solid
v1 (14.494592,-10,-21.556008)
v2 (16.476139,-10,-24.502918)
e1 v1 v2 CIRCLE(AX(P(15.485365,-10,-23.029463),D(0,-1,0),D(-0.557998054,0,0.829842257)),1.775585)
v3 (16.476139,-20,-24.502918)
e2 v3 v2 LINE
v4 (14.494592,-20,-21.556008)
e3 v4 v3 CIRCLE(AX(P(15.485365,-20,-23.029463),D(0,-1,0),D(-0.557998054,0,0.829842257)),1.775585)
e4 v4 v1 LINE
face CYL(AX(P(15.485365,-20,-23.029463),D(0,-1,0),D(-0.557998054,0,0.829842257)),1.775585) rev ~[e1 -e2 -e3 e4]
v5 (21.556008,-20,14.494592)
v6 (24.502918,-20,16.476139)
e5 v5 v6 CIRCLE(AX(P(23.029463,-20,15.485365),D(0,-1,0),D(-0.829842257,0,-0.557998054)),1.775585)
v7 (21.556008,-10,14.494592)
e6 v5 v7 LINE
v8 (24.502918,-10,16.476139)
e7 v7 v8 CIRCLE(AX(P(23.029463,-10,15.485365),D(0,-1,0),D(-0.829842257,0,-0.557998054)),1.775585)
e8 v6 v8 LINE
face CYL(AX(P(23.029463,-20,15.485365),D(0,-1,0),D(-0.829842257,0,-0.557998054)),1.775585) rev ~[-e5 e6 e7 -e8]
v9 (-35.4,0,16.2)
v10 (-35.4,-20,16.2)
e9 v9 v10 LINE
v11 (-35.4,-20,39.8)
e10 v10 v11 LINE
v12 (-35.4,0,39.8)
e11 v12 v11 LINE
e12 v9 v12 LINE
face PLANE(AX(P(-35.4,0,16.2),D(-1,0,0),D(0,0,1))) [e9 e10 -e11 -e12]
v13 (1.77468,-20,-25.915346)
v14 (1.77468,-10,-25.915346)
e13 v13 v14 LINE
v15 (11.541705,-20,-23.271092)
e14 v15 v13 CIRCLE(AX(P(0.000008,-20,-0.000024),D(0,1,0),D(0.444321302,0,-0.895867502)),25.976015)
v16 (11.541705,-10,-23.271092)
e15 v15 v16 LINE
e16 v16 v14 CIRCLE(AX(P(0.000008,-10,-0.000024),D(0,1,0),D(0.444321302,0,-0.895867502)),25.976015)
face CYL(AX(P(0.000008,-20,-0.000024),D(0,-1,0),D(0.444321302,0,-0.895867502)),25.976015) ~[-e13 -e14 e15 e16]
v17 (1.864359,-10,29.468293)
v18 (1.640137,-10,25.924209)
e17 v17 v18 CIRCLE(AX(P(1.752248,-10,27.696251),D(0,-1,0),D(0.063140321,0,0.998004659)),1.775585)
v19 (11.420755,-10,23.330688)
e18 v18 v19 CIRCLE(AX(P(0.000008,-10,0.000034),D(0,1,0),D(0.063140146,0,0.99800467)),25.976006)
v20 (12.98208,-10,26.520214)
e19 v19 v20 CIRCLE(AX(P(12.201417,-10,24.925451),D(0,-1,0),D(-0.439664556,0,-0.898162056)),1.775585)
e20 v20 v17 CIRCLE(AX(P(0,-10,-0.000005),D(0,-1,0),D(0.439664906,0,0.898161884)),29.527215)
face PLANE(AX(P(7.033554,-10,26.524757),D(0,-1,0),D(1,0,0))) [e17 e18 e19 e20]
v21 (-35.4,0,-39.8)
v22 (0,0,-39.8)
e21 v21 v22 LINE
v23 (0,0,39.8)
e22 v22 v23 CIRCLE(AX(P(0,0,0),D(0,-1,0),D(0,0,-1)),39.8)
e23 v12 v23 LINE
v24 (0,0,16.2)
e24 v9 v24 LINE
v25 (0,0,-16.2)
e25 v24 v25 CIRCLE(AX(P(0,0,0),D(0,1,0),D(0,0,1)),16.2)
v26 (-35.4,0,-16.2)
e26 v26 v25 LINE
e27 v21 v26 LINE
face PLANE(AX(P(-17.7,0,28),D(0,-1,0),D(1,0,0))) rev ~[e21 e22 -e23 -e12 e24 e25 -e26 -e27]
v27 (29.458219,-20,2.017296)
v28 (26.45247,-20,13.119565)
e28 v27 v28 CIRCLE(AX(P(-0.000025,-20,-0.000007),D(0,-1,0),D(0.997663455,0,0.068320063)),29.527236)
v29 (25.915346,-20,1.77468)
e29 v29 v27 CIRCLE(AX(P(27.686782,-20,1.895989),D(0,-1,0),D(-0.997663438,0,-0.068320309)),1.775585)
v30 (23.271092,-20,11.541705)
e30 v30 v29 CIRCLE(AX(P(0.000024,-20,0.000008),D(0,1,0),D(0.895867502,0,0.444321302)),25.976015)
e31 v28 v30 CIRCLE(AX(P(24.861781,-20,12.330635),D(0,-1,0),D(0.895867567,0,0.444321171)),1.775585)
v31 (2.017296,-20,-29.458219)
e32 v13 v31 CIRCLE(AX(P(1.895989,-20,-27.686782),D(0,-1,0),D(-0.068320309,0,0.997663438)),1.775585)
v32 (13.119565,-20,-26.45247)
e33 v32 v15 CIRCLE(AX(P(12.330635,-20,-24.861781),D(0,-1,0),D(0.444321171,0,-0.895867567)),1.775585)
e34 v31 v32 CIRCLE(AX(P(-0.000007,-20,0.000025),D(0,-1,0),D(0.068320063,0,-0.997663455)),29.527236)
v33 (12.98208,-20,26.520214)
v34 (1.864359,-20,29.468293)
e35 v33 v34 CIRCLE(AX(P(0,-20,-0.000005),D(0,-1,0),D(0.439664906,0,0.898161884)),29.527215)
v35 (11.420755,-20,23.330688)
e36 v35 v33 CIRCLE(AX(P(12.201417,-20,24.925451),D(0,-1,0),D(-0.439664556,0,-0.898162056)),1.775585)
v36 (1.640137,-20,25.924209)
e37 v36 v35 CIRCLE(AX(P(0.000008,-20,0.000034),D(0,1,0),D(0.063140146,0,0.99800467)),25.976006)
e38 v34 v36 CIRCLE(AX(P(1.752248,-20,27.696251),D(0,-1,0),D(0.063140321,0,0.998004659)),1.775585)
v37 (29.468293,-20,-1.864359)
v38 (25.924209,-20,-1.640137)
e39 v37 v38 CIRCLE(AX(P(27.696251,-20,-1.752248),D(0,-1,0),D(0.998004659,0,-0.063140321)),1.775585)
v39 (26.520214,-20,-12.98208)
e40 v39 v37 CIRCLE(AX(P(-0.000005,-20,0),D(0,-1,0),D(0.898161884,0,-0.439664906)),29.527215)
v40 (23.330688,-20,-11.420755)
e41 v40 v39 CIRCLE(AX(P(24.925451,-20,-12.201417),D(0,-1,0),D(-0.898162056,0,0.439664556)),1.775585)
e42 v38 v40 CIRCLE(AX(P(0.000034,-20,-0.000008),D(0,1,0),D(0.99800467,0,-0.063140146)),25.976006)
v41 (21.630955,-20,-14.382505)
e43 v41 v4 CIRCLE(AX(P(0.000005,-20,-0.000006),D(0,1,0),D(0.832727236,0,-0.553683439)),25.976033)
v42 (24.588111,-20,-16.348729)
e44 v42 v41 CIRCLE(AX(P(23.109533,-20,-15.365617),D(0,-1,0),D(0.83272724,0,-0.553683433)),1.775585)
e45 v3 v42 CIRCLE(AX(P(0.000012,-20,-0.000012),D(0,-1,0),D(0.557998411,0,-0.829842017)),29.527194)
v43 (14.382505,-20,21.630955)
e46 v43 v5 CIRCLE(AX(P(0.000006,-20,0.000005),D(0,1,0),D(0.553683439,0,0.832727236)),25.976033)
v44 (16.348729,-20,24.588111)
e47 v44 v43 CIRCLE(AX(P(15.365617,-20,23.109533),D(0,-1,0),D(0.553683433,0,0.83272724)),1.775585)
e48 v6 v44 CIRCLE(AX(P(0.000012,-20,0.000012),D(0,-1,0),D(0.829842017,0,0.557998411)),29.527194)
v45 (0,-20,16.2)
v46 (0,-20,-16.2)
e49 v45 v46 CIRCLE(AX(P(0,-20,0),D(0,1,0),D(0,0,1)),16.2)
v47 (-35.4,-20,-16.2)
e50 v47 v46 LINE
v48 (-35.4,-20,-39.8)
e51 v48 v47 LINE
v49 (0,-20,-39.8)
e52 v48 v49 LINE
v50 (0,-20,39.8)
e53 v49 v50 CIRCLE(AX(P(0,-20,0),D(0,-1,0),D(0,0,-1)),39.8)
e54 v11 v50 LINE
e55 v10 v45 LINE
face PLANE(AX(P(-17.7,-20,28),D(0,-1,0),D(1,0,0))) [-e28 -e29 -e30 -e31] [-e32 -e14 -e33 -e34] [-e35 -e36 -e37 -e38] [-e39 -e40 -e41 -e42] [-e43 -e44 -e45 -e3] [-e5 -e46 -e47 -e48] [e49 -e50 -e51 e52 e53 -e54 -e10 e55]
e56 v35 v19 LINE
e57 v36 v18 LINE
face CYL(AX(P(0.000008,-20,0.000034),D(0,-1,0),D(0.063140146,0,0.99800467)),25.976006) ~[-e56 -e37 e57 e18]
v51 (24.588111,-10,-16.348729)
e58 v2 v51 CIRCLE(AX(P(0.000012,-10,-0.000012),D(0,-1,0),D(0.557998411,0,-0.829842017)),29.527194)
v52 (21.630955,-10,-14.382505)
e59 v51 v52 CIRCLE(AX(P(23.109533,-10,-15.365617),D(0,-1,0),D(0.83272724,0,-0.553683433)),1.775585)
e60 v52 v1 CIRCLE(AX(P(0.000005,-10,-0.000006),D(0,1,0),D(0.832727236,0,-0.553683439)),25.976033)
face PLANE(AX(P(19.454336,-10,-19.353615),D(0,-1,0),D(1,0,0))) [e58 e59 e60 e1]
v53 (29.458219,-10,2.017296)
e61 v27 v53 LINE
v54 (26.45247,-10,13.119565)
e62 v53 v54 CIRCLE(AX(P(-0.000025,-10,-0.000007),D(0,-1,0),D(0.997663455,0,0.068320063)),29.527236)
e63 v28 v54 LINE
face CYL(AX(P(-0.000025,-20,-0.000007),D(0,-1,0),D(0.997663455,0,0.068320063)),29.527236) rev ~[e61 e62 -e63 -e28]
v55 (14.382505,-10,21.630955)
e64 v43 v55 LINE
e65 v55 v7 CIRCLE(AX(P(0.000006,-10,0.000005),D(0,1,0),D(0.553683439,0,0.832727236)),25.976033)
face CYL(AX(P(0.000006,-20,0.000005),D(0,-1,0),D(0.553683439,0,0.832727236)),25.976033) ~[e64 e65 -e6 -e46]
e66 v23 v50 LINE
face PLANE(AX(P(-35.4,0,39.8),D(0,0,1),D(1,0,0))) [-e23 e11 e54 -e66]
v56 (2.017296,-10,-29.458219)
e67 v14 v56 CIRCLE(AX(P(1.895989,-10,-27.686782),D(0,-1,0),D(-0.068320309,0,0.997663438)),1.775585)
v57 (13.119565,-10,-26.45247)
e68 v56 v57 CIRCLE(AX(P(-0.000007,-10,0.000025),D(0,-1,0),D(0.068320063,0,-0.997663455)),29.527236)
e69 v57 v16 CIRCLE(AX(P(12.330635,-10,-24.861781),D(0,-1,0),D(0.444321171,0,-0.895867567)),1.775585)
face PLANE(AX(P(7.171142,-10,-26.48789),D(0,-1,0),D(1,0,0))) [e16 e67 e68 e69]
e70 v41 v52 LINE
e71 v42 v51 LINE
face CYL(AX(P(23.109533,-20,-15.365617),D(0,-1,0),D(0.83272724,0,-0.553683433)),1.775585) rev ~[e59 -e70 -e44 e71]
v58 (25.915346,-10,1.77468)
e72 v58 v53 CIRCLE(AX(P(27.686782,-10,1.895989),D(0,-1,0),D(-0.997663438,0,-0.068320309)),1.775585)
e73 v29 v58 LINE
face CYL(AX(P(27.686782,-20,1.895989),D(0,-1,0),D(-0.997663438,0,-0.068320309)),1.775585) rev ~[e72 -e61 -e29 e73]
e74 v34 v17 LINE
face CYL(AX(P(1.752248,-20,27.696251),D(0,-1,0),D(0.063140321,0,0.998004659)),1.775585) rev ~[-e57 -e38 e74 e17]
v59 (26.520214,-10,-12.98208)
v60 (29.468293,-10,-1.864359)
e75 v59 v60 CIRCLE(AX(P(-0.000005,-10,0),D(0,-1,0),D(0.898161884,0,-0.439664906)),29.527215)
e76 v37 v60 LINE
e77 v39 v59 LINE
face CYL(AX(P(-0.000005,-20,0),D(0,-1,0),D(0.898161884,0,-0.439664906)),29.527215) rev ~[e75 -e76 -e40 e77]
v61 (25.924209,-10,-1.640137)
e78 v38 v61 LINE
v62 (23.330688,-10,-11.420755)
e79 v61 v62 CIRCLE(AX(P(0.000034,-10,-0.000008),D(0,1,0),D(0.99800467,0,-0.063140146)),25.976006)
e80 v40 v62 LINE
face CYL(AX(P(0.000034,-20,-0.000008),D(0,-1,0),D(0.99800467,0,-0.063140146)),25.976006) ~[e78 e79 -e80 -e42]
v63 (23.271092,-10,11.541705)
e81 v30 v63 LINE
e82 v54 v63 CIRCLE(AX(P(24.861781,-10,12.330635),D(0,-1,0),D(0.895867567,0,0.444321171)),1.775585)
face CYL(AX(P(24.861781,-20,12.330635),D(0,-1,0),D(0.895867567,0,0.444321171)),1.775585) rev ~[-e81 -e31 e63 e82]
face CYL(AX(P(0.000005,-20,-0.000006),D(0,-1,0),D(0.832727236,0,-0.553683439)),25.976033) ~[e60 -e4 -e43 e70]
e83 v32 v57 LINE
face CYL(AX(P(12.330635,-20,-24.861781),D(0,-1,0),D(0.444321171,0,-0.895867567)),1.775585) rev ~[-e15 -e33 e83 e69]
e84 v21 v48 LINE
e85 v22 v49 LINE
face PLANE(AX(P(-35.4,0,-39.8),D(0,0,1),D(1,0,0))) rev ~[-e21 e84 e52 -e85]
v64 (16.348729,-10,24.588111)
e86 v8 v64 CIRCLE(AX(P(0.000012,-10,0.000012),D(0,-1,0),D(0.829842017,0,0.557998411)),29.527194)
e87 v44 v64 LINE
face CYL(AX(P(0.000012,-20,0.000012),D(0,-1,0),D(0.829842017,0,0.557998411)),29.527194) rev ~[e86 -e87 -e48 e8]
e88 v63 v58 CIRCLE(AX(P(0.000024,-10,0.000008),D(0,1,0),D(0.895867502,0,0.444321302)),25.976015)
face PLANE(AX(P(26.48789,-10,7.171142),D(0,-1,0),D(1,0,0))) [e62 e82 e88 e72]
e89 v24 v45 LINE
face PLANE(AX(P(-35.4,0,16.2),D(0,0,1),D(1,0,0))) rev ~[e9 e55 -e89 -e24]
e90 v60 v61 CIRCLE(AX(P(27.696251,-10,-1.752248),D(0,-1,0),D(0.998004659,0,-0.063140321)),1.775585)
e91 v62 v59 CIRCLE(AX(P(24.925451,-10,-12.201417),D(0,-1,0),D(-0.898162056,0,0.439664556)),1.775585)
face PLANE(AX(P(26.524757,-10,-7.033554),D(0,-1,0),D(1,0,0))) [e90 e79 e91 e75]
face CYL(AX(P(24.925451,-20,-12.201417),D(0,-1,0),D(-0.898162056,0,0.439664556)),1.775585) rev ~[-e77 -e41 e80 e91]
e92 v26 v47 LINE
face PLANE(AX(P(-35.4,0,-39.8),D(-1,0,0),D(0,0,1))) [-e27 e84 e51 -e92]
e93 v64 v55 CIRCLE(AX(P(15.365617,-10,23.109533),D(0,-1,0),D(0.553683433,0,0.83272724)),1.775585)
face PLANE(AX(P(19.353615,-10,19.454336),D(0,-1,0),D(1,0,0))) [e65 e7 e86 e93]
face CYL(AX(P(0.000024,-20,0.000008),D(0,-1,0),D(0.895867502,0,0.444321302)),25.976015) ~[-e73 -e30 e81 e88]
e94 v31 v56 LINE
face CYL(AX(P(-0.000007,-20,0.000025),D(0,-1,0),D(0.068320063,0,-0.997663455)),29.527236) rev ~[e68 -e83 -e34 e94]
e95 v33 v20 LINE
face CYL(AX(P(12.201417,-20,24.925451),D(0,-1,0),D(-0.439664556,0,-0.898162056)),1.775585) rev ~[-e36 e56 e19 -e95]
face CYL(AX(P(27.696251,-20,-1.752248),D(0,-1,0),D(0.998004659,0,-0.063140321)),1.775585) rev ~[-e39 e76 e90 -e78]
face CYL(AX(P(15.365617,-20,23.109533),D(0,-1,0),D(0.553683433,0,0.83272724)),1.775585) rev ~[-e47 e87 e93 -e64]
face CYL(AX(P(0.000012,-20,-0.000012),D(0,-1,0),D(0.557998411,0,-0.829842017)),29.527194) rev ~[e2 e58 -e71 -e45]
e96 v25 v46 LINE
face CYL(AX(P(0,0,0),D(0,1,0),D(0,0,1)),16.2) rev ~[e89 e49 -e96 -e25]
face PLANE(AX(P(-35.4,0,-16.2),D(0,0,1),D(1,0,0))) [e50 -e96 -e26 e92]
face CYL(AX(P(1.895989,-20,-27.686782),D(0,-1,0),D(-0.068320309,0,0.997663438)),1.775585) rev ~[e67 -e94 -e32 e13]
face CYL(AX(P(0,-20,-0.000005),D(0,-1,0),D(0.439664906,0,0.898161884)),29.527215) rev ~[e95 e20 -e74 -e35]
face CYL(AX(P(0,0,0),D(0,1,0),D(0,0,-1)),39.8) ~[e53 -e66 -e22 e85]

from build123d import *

# Parameters (mm, degrees)
F0_W     = 35.4
F0_H     = 23.6
F1_DEPTH = 20
F3_DEPTH = 10


with BuildPart() as f1:
    # F0 (on Front) → F1 (new body)
    with BuildSketch(Plane.XZ):
        with Locations((-17.7, 28)):
            Rectangle(F0_W, F0_H)
        with BuildLine():
            ThreePointArc((0, -39.8), (39.8, 0), (0, 39.8))
            Line((0, 39.8), (0, 16.2))
            ThreePointArc((0, 16.2), (16.2, 0), (0, -16.2))
            Line((0, -16.2), (0, -39.8))
        make_face()
        with Locations((-17.7, -28)):
            Rectangle(F0_W, F0_H)
    extrude(amount=F1_DEPTH)

    # F2 (on face) → F3 (cut)
    with BuildSketch(Plane.XZ.offset(20)):
        with BuildLine():
            ThreePointArc((12.98208, 26.520214), (7.568156, 28.540833), (1.864359, 29.468293))
            ThreePointArc((1.864359, 29.468293), (-0.019794, 27.808362), (1.640137, 25.924209))
            ThreePointArc((1.640137, 25.924209), (6.657951, 25.108293), (11.420755, 23.330688))
            ThreePointArc((11.420755, 23.330688), (13.79618, 24.144789), (12.98208, 26.520214))
        make_face()
        with BuildLine():
            ThreePointArc((14.382505, 21.630955), (18.320101, 18.415444), (21.556008, 14.494592))
            ThreePointArc((21.556008, 14.494592), (24.020237, 14.01191), (24.502918, 16.476139))
            ThreePointArc((24.502918, 16.476139), (20.824632, 20.933009), (16.348729, 24.588111))
            ThreePointArc((16.348729, 24.588111), (13.887039, 24.092645), (14.382505, 21.630955))
        make_face()
        with BuildLine():
            ThreePointArc((23.271092, 11.541705), (25.073395, 6.788192), (25.915346, 1.77468))
            ThreePointArc((25.915346, 1.77468), (27.80809, 0.124552), (29.458219, 2.017296))
            ThreePointArc((29.458219, 2.017296), (28.501164, 7.716202), (26.45247, 13.119565))
            ThreePointArc((26.45247, 13.119565), (24.072851, 13.921324), (23.271092, 11.541705))
        make_face()
        with BuildLine():
            ThreePointArc((25.924209, -1.640137), (25.108293, -6.657951), (23.330688, -11.420755))
            ThreePointArc((23.330688, -11.420755), (24.144789, -13.79618), (26.520214, -12.98208))
            ThreePointArc((26.520214, -12.98208), (28.540833, -7.568156), (29.468293, -1.864359))
            ThreePointArc((29.468293, -1.864359), (27.808362, 0.019794), (25.924209, -1.640137))
        make_face()
        with BuildLine():
            ThreePointArc((21.630955, -14.382505), (18.415444, -18.320101), (14.494592, -21.556008))
            ThreePointArc((14.494592, -21.556008), (14.01191, -24.020237), (16.476139, -24.502918))
            ThreePointArc((16.476139, -24.502918), (20.933009, -20.824632), (24.588111, -16.348729))
            ThreePointArc((24.588111, -16.348729), (24.092645, -13.887039), (21.630955, -14.382505))
        make_face()
        with BuildLine():
            ThreePointArc((11.541705, -23.271092), (6.788192, -25.073395), (1.77468, -25.915346))
            ThreePointArc((1.77468, -25.915346), (0.124552, -27.80809), (2.017296, -29.458219))
            ThreePointArc((2.017296, -29.458219), (7.716202, -28.501164), (13.119565, -26.45247))
            ThreePointArc((13.119565, -26.45247), (13.921324, -24.072851), (11.541705, -23.271092))
        make_face()
    extrude(amount=-F3_DEPTH, mode=Mode.SUBTRACT)


solid = f1.part
